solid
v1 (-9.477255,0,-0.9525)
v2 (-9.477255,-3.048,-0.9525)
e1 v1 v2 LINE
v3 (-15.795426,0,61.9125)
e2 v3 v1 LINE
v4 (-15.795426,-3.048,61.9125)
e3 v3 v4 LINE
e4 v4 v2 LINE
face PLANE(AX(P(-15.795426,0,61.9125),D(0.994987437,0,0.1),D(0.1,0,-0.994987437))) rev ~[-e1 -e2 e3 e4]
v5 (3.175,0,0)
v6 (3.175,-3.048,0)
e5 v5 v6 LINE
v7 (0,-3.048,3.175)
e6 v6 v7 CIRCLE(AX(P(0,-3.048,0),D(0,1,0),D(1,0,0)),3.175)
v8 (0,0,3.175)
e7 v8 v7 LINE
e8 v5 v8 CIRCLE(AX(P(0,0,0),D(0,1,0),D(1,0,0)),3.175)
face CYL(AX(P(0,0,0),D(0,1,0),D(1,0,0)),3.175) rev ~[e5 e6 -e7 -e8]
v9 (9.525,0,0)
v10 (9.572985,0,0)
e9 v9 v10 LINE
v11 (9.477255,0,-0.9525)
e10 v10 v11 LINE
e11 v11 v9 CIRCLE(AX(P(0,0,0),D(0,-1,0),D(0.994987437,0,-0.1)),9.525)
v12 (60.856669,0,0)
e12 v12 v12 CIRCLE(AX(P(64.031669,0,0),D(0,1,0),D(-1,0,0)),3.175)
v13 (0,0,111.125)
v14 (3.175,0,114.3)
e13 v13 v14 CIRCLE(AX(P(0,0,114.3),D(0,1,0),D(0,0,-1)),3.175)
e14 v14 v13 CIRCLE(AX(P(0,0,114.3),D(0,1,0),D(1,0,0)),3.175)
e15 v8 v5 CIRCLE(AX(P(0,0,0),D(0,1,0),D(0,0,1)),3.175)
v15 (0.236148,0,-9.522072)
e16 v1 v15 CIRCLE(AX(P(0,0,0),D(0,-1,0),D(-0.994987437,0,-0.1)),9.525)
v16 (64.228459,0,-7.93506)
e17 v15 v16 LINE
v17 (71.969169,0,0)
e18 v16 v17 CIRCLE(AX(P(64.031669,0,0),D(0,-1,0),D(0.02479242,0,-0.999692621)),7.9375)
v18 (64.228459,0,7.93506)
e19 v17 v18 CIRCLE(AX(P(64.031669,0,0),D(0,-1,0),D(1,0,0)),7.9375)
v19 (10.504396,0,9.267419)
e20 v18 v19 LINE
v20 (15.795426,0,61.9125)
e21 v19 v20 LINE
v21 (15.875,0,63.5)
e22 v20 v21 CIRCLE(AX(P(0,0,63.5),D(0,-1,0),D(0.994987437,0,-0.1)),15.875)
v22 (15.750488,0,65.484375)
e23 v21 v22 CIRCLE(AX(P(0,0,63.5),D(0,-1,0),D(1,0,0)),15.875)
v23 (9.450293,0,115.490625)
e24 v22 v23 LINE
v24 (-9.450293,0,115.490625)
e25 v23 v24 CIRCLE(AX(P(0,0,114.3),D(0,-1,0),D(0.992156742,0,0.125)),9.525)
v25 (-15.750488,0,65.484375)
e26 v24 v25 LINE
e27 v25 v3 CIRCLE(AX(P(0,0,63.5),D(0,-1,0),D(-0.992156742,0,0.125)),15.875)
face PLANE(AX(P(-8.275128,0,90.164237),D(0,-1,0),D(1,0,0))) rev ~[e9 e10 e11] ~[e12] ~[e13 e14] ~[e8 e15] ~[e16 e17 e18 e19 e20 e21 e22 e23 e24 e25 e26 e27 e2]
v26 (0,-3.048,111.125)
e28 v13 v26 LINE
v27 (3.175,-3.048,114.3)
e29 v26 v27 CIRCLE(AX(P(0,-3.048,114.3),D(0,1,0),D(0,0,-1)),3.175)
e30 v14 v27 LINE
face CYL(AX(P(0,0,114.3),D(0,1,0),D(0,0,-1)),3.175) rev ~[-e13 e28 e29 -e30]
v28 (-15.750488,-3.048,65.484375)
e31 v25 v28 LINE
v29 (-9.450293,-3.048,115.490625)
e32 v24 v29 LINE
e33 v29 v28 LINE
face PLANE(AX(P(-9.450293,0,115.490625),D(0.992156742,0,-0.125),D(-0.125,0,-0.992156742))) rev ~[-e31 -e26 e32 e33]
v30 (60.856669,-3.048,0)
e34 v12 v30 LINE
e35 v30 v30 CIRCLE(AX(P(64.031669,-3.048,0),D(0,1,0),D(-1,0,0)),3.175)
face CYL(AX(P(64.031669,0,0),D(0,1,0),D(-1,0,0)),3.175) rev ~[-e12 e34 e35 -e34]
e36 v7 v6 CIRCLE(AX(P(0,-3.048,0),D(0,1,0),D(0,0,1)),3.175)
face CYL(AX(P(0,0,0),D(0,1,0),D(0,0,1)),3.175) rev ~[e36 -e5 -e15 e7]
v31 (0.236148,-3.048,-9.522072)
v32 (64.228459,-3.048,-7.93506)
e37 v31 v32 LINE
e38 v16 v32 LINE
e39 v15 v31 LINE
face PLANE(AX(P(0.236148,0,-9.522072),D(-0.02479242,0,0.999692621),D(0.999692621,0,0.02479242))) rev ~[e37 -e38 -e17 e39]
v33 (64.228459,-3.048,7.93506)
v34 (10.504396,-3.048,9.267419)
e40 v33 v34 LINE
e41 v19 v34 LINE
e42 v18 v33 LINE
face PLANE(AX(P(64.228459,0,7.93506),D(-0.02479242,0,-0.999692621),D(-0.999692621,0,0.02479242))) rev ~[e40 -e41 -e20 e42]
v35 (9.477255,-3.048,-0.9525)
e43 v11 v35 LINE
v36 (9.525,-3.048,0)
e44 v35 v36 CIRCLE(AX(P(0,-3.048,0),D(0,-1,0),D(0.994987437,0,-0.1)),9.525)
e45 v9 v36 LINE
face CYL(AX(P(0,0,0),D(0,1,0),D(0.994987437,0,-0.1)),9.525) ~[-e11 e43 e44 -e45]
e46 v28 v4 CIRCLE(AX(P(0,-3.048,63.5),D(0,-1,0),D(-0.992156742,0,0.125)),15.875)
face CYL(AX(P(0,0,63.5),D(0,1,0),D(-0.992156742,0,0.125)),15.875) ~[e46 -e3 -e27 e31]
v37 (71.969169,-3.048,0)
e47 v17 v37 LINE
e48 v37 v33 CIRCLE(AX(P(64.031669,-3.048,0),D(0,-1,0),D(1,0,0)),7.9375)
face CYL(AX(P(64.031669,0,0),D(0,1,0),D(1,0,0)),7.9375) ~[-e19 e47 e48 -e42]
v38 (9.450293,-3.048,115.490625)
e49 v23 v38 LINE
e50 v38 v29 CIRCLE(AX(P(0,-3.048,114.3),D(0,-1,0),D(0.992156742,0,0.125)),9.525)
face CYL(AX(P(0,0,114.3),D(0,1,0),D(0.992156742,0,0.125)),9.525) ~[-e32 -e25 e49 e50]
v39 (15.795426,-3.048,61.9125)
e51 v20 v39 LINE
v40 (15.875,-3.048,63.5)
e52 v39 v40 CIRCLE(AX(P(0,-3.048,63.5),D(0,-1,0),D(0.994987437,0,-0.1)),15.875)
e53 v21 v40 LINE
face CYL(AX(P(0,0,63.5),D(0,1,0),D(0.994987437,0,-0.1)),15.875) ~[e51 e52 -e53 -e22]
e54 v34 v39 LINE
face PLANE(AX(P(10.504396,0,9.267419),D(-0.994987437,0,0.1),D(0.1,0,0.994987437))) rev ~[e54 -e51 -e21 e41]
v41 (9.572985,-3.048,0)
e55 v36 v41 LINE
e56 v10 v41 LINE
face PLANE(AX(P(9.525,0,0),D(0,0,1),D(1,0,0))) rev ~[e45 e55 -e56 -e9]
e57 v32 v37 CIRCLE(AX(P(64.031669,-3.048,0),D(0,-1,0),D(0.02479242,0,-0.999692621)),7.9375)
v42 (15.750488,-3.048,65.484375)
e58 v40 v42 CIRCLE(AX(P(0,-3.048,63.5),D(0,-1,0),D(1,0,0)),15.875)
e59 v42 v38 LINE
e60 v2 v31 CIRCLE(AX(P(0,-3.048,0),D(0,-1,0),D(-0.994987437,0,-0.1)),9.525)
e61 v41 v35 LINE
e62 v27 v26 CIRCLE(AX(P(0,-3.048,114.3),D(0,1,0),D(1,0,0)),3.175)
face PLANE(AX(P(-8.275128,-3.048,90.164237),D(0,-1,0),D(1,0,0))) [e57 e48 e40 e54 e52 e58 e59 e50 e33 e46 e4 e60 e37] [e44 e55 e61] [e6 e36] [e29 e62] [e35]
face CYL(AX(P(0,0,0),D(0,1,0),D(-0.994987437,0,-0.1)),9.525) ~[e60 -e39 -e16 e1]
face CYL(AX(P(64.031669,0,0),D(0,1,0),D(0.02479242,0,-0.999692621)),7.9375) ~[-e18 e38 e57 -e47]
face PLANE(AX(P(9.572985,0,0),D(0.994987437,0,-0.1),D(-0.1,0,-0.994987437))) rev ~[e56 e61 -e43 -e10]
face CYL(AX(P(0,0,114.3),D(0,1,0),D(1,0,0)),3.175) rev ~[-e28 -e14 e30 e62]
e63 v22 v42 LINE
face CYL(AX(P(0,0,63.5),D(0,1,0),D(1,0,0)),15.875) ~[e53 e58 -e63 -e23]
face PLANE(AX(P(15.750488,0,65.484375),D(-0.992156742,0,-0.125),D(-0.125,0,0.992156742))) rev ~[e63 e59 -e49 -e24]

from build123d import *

# Parameters (mm, degrees)
F1_DEPTH = 3.048


with BuildPart() as f1:
    # F0 (on Front) → F1 (new body)
    with BuildSketch(Plane.XZ):
        with BuildLine():
            Line((0, 79.375), (0, 104.775))
            ThreePointArc((0, 104.775), (-7.14375, 107.9998046905), (-9.4502929642, 115.490625))
            Line((-9.4502929642, 115.490625), (-15.7504882737, 65.484375))
            ThreePointArc((-15.7504882737, 65.484375), (-10.5003255158, 75.40625), (0, 79.375))
        make_face()
        with BuildLine():
            ThreePointArc((9.525, 114.3), (6.7351920908, 107.5648079092), (0, 104.775))
            Line((0, 104.775), (0, 79.375))
            ThreePointArc((0, 79.375), (10.5003255158, 75.40625), (15.7504882737, 65.484375))
            Line((15.7504882737, 65.484375), (9.4502929642, 115.490625))
            ThreePointArc((9.4502929642, 115.490625), (9.5063048942, 114.896483242), (9.525, 114.3))
        make_face()
        with BuildLine():
            ThreePointArc((15.7504882737, 65.484375), (10.5003255158, 75.40625), (0, 79.375))
            Line((0, 79.375), (0, 47.625))
            ThreePointArc((0, 47.625), (10.6492737428, 51.7267849017), (15.7954255641, 61.9125))
            ThreePointArc((15.7954255641, 61.9125), (15.8550939106, 62.7052534459), (15.875, 63.5))
            ThreePointArc((15.875, 63.5), (15.8438414904, 64.4941387366), (15.7504882737, 65.484375))
        make_face()
        with BuildLine():
            Line((0, 47.625), (0, 79.375))
            ThreePointArc((0, 79.375), (-10.5003255158, 75.40625), (-15.7504882737, 65.484375))
            ThreePointArc((-15.7504882737, 65.484375), (-15.8737438155, 63.6997054867), (-15.7954255641, 61.9125))
            ThreePointArc((-15.7954255641, 61.9125), (-10.6492737428, 51.7267849017), (0, 47.625))
        make_face()
        with BuildLine():
            Line((0, 9.525), (0, 47.625))
            ThreePointArc((0, 47.625), (-10.6492737428, 51.7267849017), (-15.7954255641, 61.9125))
            Line((-15.7954255641, 61.9125), (-9.4772553384, -0.9525))
            ThreePointArc((-9.4772553384, -0.9525), (-7.063929059, 6.3895642457), (0, 9.525))
        make_face()
        with BuildLine():
            ThreePointArc((-9.4502929642, 115.490625), (-7.14375, 107.9998046905), (0, 104.775))
            ThreePointArc((0, 104.775), (6.7351920908, 107.5648079092), (9.525, 114.3))
            ThreePointArc((9.525, 114.3), (9.5063048942, 114.896483242), (9.4502929642, 115.490625))
            ThreePointArc((9.4502929642, 115.490625), (0, 123.825), (-9.4502929642, 115.490625))
        make_face()
        with BuildLine():
            ThreePointArc((3.175, 114.3), (2.2450640303, 112.0549359697), (0, 111.125))
            ThreePointArc((0, 111.125), (-2.2450640303, 116.5450640303), (3.175, 114.3))
        make_face(mode=Mode.SUBTRACT)
        with BuildLine():
            ThreePointArc((71.9691688256, 0), (69.7134786398, 5.5426476963), (64.228458656, 7.935060177))
            ThreePointArc((64.228458656, 7.935060177), (58.4890211293, 5.6818098142), (56.0941688256, 0))
            ThreePointArc((56.0941688256, 0), (58.4890211293, -5.6818098142), (64.228458656, -7.935060177))
            ThreePointArc((64.228458656, -7.935060177), (69.7134786398, -5.5426476963), (71.9691688256, 0))
        make_face()
        with BuildLine():
            ThreePointArc((67.2066688256, 0), (64.0316688256, -3.175), (60.8566688256, 0))
            ThreePointArc((60.8566688256, 0), (64.0316688256, 3.175), (67.2066688256, 0))
        make_face(mode=Mode.SUBTRACT)
        with BuildLine():
            ThreePointArc((15.7954255641, 61.9125), (10.6492737428, 51.7267849017), (0, 47.625))
            Line((0, 47.625), (0, 9.525))
            ThreePointArc((0, 9.525), (0.1180829727, 9.524268025), (0.2361477965, 9.5220722124))
            Line((0.2361477965, 9.5220722124), (10.5043958672, 9.2674192228))
            Line((10.5043958672, 9.2674192228), (15.7954255641, 61.9125))
        make_face()
        with BuildLine():
            Line((10.5043958672, 9.2674192228), (0.2361477965, 9.5220722124))
            ThreePointArc((0.2361477965, 9.5220722124), (6.818171777, 6.6511772356), (9.525, 0))
            Line((9.525, 0), (9.5729851903, 0))
            Line((9.5729851903, 0), (10.5043958672, 9.2674192228))
        make_face()
        with BuildLine():
            ThreePointArc((9.4772553384, -0.9525), (6.4766458983, -6.9841737456), (0.2361477965, -9.5220722124))
            Line((0.2361477965, -9.5220722124), (64.228458656, -7.935060177))
            ThreePointArc((64.228458656, -7.935060177), (58.4890211293, -5.6818098142), (56.0941688256, 0))
            Line((56.0941688256, 0), (9.5729851903, 0))
            Line((9.5729851903, 0), (9.4772553384, -0.9525))
        make_face()
        with BuildLine():
            Line((0, 3.175), (0, 9.525))
            ThreePointArc((0, 9.525), (-7.063929059, 6.3895642457), (-9.4772553384, -0.9525))
            ThreePointArc((-9.4772553384, -0.9525), (-6.3015005456, -7.1425986779), (0.2361477965, -9.5220722124))
            ThreePointArc((0.2361477965, -9.5220722124), (6.4766458983, -6.9841737456), (9.4772553384, -0.9525))
            ThreePointArc((9.4772553384, -0.9525), (9.5130563464, -0.4768479324), (9.525, 0))
            Line((9.525, 0), (3.175, 0))
            ThreePointArc((3.175, 0), (-2.2450640303, -2.2450640303), (0, 3.175))
        make_face()
        with BuildLine():
            ThreePointArc((0.2361477965, 9.5220722124), (0.1180829727, 9.524268025), (0, 9.525))
            Line((0, 9.525), (0, 3.175))
            ThreePointArc((0, 3.175), (2.2450640303, 2.2450640303), (3.175, 0))
            Line((3.175, 0), (9.525, 0))
            ThreePointArc((9.525, 0), (6.818171777, 6.6511772356), (0.2361477965, 9.5220722124))
        make_face()
        with BuildLine():
            Line((64.228458656, 7.935060177), (10.5043958672, 9.2674192228))
            Line((10.5043958672, 9.2674192228), (9.5729851903, 0))
            Line((9.5729851903, 0), (56.0941688256, 0))
            ThreePointArc((56.0941688256, 0), (58.4890211293, 5.6818098142), (64.228458656, 7.935060177))
        make_face()
    extrude(amount=F1_DEPTH)


solid = f1.part
